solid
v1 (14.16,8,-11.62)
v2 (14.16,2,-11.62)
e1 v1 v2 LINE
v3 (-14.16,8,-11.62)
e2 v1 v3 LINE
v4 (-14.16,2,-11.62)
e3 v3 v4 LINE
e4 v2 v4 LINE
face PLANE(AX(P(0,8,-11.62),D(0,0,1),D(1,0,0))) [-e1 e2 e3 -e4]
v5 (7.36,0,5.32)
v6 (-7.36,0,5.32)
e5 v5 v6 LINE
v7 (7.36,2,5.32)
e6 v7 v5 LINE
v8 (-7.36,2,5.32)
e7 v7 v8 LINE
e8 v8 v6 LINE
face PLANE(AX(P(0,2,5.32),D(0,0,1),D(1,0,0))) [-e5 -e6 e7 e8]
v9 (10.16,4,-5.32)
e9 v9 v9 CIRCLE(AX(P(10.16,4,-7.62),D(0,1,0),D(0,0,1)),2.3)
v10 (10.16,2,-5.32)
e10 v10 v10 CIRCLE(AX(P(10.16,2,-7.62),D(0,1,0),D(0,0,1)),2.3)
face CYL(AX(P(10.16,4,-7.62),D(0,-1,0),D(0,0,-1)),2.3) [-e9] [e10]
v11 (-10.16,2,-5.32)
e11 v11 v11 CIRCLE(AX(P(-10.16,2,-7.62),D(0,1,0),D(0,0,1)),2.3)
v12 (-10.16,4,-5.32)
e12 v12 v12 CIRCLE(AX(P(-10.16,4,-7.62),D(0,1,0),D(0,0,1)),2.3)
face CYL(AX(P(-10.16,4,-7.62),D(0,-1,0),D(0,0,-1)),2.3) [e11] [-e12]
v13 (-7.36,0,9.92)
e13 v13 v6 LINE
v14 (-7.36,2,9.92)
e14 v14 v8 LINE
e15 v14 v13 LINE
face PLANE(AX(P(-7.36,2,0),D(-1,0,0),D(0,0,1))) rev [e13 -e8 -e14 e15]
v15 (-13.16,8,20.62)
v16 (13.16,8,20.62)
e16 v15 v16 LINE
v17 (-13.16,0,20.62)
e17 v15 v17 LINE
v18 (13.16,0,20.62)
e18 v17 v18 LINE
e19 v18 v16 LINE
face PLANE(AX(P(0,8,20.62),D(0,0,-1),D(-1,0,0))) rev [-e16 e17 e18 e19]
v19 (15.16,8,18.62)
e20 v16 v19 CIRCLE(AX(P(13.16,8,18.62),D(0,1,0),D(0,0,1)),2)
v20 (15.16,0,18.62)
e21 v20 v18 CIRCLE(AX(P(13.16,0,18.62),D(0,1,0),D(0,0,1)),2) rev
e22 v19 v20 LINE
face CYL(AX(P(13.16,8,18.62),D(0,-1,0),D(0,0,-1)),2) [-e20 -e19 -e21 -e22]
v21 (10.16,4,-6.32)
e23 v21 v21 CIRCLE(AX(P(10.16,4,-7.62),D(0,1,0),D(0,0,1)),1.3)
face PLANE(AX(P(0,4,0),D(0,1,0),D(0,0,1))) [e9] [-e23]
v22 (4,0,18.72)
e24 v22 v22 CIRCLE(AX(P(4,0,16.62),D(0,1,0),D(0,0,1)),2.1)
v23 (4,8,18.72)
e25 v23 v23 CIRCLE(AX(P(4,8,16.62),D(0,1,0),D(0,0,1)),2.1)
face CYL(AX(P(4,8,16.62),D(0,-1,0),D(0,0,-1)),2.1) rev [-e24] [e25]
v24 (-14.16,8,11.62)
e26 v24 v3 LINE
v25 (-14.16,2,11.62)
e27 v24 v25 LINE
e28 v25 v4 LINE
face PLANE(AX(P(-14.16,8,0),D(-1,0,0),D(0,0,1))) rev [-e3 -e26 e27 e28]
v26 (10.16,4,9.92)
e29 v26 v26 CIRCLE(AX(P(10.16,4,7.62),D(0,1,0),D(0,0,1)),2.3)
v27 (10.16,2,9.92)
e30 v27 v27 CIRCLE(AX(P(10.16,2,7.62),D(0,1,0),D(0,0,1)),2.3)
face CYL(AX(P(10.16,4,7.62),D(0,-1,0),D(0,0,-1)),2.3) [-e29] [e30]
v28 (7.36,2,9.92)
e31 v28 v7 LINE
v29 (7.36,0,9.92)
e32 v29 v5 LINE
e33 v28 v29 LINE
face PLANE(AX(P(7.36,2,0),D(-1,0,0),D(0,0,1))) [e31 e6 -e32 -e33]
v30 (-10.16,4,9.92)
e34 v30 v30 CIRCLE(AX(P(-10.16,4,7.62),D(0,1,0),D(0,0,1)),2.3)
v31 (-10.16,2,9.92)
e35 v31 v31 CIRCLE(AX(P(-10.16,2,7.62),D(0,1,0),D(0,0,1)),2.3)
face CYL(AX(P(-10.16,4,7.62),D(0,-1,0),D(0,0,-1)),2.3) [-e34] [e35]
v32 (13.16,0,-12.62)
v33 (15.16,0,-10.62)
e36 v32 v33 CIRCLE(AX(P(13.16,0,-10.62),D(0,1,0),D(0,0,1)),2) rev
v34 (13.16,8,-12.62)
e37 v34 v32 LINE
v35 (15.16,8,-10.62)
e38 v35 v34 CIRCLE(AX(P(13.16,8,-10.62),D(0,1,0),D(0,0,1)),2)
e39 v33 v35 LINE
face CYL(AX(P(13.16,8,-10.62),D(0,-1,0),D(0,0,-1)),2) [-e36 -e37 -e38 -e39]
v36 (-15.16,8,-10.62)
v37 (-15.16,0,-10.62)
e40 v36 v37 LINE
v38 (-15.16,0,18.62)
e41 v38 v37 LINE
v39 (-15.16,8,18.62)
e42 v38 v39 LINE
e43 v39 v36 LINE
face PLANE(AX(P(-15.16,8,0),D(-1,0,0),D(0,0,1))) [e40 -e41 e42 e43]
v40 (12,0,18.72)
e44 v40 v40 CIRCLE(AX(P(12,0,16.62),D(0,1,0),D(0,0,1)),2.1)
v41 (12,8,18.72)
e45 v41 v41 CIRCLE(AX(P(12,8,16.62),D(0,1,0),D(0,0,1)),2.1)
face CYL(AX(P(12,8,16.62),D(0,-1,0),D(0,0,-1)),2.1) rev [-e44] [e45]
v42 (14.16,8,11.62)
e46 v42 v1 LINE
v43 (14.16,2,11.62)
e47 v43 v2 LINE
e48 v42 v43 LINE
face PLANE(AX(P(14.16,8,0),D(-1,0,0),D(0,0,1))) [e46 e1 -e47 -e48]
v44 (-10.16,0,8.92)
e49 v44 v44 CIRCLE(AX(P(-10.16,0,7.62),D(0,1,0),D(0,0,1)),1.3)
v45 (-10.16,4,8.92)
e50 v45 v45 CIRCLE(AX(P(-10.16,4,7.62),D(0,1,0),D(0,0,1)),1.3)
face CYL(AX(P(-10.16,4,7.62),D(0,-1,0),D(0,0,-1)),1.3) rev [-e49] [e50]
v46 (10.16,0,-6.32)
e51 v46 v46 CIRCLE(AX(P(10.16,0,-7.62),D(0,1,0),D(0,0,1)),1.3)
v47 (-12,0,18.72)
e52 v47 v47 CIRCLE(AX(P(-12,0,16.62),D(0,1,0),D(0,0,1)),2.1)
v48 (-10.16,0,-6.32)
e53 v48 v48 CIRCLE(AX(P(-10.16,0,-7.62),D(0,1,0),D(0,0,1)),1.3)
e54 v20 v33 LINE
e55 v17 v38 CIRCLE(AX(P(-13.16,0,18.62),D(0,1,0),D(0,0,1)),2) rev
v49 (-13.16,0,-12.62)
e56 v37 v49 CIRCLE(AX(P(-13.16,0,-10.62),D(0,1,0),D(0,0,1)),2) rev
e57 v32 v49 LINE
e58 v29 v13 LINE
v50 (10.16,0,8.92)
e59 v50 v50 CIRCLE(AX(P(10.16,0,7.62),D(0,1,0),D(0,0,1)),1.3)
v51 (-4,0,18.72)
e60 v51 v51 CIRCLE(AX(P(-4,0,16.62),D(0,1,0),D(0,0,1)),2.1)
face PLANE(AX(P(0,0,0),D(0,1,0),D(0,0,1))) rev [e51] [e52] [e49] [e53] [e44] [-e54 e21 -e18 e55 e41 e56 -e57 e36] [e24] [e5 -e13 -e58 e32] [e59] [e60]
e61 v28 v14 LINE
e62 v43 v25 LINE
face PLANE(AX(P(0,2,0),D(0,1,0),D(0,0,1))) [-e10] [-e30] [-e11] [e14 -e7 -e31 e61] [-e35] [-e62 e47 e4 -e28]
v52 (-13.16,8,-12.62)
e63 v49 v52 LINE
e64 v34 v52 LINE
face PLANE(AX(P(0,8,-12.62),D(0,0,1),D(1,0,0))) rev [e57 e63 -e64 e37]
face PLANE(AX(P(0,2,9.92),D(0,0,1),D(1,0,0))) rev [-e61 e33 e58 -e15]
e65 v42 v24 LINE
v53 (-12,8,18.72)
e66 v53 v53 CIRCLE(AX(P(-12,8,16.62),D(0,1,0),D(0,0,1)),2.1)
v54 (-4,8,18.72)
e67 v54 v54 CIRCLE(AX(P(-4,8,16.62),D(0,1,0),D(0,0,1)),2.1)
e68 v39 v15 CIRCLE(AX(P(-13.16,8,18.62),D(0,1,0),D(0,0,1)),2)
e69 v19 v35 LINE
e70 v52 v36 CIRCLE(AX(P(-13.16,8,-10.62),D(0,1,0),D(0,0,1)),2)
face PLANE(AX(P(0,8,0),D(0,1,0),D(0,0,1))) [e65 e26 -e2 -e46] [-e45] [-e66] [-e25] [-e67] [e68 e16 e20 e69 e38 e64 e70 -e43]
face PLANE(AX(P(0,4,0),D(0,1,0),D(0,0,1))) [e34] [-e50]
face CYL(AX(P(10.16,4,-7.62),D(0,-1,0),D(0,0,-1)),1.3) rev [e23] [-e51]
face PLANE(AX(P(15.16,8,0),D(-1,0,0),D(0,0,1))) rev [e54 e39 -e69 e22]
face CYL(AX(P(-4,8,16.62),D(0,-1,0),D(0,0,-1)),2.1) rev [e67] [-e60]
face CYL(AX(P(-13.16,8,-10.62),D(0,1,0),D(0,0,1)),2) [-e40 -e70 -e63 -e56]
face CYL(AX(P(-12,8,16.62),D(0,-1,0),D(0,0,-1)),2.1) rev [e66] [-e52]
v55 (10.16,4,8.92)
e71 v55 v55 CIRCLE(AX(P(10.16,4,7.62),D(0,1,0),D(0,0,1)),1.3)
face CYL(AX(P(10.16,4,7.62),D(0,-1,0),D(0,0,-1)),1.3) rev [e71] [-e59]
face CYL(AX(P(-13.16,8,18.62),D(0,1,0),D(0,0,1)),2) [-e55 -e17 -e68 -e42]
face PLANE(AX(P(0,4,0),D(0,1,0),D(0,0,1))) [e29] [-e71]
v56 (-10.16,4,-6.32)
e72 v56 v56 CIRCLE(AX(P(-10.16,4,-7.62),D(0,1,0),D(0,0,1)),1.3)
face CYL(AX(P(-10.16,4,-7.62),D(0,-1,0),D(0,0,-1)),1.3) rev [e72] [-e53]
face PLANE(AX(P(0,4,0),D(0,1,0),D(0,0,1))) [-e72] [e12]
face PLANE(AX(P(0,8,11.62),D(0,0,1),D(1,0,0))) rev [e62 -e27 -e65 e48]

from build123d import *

# Parameters (mm, degrees)
SKETCH1_W           = 28.32
SKETCH1_H           = 23.24
SKETCH1_R           = 2.3
SKETCH1_W_2         = 14.72
SKETCH1_H_2         = 4.6
BOSS_EXTRUDE1_DEPTH = 2
SKETCH1_3_R         = 2.3
SKETCH1_3_R_2       = 1.3
BOSS_EXTRUDE2_DEPTH = 4
SKETCH1_4_R         = 2.1
SKETCH1_4_W         = 28.32
SKETCH1_4_H         = 23.24
BOSS_EXTRUDE3_DEPTH = 8
FILLET2_R           = 2


with BuildPart() as part:
    # Sketch1 → Boss-Extrude1 (new body)
    with BuildSketch(Plane(origin=(0, 0, 0), x_dir=(1, 0, 0), z_dir=(0, 1, 0))):
        Rectangle(SKETCH1_W, SKETCH1_H)
        with Locations((-10.16, -7.62)):
            Circle(SKETCH1_R, mode=Mode.SUBTRACT)
        with Locations((0, -7.62)):
            Rectangle(SKETCH1_W_2, SKETCH1_H_2, mode=Mode.SUBTRACT)
        with Locations((10.16, -7.62)):
            Circle(SKETCH1_R, mode=Mode.SUBTRACT)
        with Locations((-10.16, 7.62)):
            Circle(SKETCH1_R, mode=Mode.SUBTRACT)
        with Locations((10.16, 7.62)):
            Circle(SKETCH1_R, mode=Mode.SUBTRACT)
    extrude(amount=BOSS_EXTRUDE1_DEPTH)

    # Sketch1<3> → Boss-Extrude2 (add)
    # profile 1 of 4: a face of its own
    with BuildSketch(Plane(origin=(0, 0, 0), x_dir=(1, 0, 0), z_dir=(0, 1, 0))):
        with Locations((-10.16, 7.62)):
            Circle(SKETCH1_3_R)
        with Locations((-10.16, 7.62)):
            Circle(SKETCH1_3_R_2, mode=Mode.SUBTRACT)
    # profile 2 of 4: a face of its own
    with BuildSketch(Plane(origin=(0, 0, 0), x_dir=(1, 0, 0), z_dir=(0, 1, 0))):
        with Locations((-10.16, -7.62)):
            Circle(SKETCH1_3_R)
        with Locations((-10.16, -7.62)):
            Circle(SKETCH1_3_R_2, mode=Mode.SUBTRACT)
    # profile 3 of 4: a face of its own
    with BuildSketch(Plane(origin=(0, 0, 0), x_dir=(1, 0, 0), z_dir=(0, 1, 0))):
        with Locations((10.16, 7.62)):
            Circle(SKETCH1_3_R)
        with Locations((10.16, 7.62)):
            Circle(SKETCH1_3_R_2, mode=Mode.SUBTRACT)
    # profile 4 of 4: a face of its own
    with BuildSketch(Plane(origin=(0, 0, 0), x_dir=(1, 0, 0), z_dir=(0, 1, 0))):
        with Locations((10.16, -7.62)):
            Circle(SKETCH1_3_R)
        with Locations((10.16, -7.62)):
            Circle(SKETCH1_3_R_2, mode=Mode.SUBTRACT)
    extrude(amount=BOSS_EXTRUDE2_DEPTH)

    # Sketch1<4> → Boss-Extrude3 (add)
    with BuildSketch(Plane(origin=(0, 0, 0), x_dir=(1, 0, 0), z_dir=(0, 1, 0))):
        Polygon((15.16, -12.62), (15.16, 12.62), (-15.16, 12.62), (-15.16, -12.62), (-15.16, -20.62), (15.16, -20.62), align=None)
        with Locations((-12, -16.62)):
            Circle(SKETCH1_4_R, mode=Mode.SUBTRACT)
        with Locations((-4, -16.62)):
            Circle(SKETCH1_4_R, mode=Mode.SUBTRACT)
        with Locations((4, -16.62)):
            Circle(SKETCH1_4_R, mode=Mode.SUBTRACT)
        with Locations((12, -16.62)):
            Circle(SKETCH1_4_R, mode=Mode.SUBTRACT)
        Rectangle(SKETCH1_4_W, SKETCH1_4_H, mode=Mode.SUBTRACT)
    extrude(amount=BOSS_EXTRUDE3_DEPTH)

    # Fillet2
    fillet2_edges = [part.edges().sort_by_distance(p)[0] for p in [
        (15.16, 4, 20.62),
        (15.16, 4, -12.62),
        (-15.16, 4, -12.62),
        (-15.16, 4, 20.62),
    ]]
    fillet(fillet2_edges, radius=FILLET2_R)


solid = part.part
